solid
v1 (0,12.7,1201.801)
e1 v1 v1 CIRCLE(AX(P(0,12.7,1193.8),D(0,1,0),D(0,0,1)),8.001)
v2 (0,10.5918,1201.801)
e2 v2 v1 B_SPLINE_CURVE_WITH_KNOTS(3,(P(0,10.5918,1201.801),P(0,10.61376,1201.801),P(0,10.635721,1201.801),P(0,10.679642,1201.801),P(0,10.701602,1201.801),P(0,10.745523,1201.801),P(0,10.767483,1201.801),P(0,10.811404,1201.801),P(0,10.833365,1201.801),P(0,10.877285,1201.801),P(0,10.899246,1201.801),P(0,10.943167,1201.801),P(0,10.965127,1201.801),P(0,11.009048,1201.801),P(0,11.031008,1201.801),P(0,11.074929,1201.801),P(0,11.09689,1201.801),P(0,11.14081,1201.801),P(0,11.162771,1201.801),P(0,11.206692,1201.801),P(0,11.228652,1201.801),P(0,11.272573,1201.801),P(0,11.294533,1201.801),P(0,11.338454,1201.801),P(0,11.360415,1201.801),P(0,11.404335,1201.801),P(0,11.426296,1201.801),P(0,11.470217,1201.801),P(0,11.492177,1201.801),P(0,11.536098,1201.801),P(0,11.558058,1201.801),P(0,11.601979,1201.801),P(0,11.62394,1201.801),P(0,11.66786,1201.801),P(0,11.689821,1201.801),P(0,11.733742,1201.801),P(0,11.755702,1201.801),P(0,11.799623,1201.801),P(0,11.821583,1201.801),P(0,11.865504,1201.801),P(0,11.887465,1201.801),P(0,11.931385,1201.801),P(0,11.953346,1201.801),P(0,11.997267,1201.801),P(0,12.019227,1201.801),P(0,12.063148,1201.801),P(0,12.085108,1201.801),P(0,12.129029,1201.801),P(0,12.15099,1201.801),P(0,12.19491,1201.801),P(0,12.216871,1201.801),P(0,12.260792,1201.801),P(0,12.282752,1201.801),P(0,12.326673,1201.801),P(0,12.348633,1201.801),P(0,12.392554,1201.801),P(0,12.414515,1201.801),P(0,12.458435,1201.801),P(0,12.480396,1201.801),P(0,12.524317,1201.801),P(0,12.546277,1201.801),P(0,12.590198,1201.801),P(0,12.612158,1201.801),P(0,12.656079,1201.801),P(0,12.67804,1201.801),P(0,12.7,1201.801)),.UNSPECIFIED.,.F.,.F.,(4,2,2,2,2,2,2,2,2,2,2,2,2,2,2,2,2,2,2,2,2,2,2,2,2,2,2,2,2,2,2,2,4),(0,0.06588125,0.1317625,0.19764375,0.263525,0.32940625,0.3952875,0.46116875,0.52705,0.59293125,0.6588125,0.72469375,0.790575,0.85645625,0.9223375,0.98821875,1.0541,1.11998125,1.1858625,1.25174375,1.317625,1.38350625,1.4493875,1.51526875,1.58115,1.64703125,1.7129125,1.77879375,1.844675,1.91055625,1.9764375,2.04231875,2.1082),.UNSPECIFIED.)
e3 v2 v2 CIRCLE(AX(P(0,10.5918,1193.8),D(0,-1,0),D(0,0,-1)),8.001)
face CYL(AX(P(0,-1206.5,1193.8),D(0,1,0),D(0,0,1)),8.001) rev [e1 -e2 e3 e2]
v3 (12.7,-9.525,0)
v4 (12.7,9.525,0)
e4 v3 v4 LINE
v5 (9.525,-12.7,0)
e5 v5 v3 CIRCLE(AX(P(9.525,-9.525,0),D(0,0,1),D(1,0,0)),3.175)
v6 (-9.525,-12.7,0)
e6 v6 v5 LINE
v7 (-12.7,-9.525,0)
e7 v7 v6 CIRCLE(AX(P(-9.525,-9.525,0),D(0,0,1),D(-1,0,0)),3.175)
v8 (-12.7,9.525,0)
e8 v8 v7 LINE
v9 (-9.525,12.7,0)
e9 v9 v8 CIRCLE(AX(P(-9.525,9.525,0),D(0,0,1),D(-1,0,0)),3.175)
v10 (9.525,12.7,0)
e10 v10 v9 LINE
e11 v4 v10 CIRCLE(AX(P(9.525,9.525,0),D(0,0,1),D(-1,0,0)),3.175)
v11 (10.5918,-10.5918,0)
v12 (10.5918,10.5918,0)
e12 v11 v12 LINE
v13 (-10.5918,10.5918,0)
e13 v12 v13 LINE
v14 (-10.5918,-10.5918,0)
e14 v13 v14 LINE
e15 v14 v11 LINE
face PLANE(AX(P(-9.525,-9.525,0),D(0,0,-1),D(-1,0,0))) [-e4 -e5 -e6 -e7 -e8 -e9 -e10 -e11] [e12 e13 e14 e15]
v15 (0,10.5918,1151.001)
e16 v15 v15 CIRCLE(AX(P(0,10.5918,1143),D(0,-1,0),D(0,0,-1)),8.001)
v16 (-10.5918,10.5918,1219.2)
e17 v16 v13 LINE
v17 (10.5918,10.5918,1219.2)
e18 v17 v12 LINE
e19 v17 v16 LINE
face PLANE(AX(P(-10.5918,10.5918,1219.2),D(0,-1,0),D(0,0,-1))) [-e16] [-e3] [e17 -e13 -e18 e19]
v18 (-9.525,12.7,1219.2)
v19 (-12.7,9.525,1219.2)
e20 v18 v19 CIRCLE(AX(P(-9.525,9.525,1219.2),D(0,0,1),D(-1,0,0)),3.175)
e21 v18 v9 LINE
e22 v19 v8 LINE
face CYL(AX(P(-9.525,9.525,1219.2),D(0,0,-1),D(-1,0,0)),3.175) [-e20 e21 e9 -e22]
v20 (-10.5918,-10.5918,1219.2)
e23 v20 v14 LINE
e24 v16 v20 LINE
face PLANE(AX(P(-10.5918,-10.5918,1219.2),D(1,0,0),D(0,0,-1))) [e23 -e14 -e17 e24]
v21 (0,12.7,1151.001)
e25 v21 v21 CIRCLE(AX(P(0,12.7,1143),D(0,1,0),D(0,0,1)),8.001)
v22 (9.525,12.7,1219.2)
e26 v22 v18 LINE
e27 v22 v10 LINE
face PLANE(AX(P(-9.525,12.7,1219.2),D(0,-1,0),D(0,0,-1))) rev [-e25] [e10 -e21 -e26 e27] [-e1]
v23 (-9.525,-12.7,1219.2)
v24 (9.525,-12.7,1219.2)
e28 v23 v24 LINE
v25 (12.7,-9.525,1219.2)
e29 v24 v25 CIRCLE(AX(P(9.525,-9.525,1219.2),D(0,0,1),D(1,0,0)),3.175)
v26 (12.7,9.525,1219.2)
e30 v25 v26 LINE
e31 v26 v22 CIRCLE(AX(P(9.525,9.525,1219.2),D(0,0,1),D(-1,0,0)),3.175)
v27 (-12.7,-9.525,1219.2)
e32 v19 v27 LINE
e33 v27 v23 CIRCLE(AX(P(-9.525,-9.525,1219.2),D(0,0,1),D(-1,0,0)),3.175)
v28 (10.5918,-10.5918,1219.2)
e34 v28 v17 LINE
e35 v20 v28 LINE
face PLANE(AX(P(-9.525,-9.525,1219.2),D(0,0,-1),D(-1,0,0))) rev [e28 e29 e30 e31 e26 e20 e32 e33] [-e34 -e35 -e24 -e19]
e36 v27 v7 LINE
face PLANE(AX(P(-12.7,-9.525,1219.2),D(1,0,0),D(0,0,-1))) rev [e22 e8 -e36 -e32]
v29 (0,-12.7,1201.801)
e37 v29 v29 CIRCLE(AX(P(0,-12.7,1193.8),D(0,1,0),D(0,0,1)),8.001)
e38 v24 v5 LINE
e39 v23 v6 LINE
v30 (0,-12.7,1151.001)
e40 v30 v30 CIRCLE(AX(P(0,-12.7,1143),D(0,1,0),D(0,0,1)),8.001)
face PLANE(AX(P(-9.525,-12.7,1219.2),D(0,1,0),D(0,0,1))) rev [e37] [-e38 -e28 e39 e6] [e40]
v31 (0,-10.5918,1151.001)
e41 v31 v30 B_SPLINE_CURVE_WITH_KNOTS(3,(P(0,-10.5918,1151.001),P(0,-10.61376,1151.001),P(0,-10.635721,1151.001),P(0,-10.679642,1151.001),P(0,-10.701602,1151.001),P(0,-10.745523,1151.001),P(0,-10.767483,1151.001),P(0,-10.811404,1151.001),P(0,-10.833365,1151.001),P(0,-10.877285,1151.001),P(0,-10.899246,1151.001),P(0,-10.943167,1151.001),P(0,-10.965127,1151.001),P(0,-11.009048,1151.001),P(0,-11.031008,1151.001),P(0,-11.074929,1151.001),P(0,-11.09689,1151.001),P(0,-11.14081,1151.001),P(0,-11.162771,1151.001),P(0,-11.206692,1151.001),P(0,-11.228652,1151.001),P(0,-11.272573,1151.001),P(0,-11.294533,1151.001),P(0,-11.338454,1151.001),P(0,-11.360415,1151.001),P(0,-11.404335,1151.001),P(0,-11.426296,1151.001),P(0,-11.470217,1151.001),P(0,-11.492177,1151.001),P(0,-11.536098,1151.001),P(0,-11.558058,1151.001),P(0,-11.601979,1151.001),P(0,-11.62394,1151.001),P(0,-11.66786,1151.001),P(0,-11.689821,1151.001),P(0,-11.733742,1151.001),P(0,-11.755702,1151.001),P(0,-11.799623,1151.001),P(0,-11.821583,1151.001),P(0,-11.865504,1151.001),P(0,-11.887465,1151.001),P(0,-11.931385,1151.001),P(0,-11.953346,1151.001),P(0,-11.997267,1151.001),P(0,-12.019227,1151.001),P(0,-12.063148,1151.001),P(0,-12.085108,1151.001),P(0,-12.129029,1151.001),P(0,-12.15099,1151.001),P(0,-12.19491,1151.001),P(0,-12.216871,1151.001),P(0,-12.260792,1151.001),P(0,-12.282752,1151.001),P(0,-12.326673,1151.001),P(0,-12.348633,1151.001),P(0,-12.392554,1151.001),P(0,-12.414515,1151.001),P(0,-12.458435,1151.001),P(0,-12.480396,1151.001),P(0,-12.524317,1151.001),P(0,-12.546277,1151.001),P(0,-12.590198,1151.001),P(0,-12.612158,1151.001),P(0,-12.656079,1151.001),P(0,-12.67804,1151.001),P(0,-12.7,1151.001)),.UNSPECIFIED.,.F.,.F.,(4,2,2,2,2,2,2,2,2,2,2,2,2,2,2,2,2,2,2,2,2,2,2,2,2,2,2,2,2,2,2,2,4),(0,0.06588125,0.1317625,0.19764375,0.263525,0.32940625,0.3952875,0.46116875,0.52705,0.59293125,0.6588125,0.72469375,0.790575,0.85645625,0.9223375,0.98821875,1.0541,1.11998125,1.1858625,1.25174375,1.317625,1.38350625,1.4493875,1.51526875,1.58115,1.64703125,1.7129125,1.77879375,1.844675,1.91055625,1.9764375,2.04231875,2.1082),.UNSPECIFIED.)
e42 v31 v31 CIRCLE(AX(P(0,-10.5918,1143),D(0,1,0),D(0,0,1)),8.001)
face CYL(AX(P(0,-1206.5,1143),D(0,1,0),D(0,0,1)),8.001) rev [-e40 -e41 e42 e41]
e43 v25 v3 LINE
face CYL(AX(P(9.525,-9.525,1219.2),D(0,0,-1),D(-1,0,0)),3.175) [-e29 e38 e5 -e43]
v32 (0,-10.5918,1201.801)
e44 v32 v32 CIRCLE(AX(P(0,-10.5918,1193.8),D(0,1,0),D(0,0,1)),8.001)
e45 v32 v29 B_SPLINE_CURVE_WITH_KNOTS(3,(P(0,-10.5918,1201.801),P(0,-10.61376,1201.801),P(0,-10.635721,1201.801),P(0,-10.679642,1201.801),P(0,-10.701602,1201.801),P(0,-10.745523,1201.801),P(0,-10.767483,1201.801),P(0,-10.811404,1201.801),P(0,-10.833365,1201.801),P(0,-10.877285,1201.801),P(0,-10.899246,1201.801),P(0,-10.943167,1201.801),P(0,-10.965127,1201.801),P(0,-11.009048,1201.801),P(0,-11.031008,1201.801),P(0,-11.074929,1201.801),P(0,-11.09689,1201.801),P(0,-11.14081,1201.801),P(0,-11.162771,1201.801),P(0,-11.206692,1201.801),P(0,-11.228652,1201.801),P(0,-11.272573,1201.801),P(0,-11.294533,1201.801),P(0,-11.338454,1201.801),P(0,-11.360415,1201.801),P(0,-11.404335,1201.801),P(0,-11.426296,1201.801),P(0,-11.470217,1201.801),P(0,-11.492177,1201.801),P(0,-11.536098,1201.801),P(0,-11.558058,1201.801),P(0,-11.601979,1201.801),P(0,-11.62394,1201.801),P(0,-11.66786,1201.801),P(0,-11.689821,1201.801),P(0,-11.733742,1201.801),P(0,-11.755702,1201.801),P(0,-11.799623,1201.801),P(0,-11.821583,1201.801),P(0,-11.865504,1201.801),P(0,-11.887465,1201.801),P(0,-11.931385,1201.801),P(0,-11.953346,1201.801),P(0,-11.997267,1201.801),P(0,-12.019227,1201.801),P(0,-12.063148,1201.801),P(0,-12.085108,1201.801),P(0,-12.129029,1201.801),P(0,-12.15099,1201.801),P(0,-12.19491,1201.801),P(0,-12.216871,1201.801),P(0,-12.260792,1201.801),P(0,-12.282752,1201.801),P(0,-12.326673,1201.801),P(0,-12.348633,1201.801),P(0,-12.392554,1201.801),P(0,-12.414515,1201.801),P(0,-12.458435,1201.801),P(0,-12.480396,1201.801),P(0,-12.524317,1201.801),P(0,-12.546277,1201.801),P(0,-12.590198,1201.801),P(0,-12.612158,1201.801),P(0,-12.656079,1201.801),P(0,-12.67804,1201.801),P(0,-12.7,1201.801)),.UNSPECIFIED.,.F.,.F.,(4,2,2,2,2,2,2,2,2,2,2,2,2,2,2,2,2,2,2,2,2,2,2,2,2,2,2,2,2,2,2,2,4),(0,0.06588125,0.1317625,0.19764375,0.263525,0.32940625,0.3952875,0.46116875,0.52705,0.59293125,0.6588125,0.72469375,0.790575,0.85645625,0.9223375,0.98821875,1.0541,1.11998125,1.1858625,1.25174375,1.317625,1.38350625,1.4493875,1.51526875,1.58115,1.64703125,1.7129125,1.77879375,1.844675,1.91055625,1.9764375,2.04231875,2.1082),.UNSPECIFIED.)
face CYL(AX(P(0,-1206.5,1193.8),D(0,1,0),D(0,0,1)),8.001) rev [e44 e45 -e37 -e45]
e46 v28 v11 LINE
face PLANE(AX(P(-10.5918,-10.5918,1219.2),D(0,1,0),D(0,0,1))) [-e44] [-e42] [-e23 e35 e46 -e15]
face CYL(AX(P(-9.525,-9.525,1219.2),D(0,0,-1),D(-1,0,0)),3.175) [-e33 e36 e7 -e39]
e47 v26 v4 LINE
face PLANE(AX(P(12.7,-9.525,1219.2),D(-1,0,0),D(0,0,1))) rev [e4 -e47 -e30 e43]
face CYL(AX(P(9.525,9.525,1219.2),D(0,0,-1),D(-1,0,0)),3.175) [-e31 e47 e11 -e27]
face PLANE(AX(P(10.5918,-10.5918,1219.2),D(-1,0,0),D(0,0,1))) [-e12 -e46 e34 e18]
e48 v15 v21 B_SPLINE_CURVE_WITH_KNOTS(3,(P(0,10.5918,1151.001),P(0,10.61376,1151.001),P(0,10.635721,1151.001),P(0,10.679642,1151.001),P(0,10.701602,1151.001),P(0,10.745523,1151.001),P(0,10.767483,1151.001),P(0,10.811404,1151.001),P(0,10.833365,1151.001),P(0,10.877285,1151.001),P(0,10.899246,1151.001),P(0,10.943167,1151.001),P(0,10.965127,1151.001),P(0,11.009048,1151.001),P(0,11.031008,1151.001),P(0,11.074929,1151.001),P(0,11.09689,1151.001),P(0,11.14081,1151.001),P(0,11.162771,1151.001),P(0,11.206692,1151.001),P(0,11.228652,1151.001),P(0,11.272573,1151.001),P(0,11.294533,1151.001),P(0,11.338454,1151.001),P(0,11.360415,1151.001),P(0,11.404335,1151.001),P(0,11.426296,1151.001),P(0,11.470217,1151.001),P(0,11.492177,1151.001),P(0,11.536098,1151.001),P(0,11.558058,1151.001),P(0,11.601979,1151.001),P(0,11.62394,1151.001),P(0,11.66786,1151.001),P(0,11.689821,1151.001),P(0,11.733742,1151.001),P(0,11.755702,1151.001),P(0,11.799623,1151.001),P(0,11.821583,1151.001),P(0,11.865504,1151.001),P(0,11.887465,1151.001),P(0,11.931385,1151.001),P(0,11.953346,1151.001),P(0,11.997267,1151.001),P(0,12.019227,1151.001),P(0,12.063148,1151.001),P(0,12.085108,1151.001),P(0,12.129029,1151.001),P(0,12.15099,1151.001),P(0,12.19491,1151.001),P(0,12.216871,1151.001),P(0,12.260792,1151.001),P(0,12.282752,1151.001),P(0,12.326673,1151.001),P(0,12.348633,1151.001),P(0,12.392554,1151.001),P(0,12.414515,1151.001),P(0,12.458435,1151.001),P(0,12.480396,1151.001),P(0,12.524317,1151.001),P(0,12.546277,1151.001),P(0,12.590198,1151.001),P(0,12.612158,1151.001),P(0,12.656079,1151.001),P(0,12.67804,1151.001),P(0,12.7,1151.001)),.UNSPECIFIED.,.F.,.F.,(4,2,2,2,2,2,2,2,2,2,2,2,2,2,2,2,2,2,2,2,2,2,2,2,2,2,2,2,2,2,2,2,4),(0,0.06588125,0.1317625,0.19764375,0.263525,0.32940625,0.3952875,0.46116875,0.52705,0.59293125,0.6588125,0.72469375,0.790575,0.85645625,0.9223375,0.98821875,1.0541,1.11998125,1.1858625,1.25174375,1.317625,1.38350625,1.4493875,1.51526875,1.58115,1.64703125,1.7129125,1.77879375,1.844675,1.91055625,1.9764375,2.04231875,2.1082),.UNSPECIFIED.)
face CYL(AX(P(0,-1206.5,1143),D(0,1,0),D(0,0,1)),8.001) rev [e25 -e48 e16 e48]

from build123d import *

# Parameters (mm, degrees)
SKETCH1_W           = 21.1836
SKETCH1_H           = 21.1836
BOSS_EXTRUDE1_DEPTH = 1219.2
SKETCH2_R           = 8.001
CUT_EXTRUDE1_DEPTH  = 1219.2


with BuildPart() as part:
    # Sketch1 → Boss-Extrude1 (new body)
    with BuildSketch(Plane.XY):
        with BuildLine():
            Line((-9.525, -12.7), (9.525, -12.7))
            ThreePointArc((9.525, -12.7), (11.77006403, -11.77006403), (12.7, -9.525))
            Line((12.7, -9.525), (12.7, 9.525))
            ThreePointArc((12.7, 9.525), (11.77006403, 11.77006403), (9.525, 12.7))
            Line((9.525, 12.7), (-9.525, 12.7))
            ThreePointArc((-9.525, 12.7), (-11.77006403, 11.77006403), (-12.7, 9.525))
            Line((-12.7, 9.525), (-12.7, -9.525))
            ThreePointArc((-12.7, -9.525), (-11.77006403, -11.77006403), (-9.525, -12.7))
        make_face()
        Rectangle(SKETCH1_W, SKETCH1_H, mode=Mode.SUBTRACT)
    extrude(amount=BOSS_EXTRUDE1_DEPTH)

    # Sketch2 → Cut-Extrude1 (cut)
    with BuildSketch(Plane(origin=(0, 12.7, 0), x_dir=(1, 0, 0), z_dir=(0, 1, 0))):
        with Locations(Location((0, -1193.8, 0), (0, 0, 270))):
            Circle(SKETCH2_R)
        with Locations(Location((0, -1143, 0), (0, 0, 270))):
            Circle(SKETCH2_R)
    extrude(amount=-CUT_EXTRUDE1_DEPTH, mode=Mode.SUBTRACT)


solid = part.part
